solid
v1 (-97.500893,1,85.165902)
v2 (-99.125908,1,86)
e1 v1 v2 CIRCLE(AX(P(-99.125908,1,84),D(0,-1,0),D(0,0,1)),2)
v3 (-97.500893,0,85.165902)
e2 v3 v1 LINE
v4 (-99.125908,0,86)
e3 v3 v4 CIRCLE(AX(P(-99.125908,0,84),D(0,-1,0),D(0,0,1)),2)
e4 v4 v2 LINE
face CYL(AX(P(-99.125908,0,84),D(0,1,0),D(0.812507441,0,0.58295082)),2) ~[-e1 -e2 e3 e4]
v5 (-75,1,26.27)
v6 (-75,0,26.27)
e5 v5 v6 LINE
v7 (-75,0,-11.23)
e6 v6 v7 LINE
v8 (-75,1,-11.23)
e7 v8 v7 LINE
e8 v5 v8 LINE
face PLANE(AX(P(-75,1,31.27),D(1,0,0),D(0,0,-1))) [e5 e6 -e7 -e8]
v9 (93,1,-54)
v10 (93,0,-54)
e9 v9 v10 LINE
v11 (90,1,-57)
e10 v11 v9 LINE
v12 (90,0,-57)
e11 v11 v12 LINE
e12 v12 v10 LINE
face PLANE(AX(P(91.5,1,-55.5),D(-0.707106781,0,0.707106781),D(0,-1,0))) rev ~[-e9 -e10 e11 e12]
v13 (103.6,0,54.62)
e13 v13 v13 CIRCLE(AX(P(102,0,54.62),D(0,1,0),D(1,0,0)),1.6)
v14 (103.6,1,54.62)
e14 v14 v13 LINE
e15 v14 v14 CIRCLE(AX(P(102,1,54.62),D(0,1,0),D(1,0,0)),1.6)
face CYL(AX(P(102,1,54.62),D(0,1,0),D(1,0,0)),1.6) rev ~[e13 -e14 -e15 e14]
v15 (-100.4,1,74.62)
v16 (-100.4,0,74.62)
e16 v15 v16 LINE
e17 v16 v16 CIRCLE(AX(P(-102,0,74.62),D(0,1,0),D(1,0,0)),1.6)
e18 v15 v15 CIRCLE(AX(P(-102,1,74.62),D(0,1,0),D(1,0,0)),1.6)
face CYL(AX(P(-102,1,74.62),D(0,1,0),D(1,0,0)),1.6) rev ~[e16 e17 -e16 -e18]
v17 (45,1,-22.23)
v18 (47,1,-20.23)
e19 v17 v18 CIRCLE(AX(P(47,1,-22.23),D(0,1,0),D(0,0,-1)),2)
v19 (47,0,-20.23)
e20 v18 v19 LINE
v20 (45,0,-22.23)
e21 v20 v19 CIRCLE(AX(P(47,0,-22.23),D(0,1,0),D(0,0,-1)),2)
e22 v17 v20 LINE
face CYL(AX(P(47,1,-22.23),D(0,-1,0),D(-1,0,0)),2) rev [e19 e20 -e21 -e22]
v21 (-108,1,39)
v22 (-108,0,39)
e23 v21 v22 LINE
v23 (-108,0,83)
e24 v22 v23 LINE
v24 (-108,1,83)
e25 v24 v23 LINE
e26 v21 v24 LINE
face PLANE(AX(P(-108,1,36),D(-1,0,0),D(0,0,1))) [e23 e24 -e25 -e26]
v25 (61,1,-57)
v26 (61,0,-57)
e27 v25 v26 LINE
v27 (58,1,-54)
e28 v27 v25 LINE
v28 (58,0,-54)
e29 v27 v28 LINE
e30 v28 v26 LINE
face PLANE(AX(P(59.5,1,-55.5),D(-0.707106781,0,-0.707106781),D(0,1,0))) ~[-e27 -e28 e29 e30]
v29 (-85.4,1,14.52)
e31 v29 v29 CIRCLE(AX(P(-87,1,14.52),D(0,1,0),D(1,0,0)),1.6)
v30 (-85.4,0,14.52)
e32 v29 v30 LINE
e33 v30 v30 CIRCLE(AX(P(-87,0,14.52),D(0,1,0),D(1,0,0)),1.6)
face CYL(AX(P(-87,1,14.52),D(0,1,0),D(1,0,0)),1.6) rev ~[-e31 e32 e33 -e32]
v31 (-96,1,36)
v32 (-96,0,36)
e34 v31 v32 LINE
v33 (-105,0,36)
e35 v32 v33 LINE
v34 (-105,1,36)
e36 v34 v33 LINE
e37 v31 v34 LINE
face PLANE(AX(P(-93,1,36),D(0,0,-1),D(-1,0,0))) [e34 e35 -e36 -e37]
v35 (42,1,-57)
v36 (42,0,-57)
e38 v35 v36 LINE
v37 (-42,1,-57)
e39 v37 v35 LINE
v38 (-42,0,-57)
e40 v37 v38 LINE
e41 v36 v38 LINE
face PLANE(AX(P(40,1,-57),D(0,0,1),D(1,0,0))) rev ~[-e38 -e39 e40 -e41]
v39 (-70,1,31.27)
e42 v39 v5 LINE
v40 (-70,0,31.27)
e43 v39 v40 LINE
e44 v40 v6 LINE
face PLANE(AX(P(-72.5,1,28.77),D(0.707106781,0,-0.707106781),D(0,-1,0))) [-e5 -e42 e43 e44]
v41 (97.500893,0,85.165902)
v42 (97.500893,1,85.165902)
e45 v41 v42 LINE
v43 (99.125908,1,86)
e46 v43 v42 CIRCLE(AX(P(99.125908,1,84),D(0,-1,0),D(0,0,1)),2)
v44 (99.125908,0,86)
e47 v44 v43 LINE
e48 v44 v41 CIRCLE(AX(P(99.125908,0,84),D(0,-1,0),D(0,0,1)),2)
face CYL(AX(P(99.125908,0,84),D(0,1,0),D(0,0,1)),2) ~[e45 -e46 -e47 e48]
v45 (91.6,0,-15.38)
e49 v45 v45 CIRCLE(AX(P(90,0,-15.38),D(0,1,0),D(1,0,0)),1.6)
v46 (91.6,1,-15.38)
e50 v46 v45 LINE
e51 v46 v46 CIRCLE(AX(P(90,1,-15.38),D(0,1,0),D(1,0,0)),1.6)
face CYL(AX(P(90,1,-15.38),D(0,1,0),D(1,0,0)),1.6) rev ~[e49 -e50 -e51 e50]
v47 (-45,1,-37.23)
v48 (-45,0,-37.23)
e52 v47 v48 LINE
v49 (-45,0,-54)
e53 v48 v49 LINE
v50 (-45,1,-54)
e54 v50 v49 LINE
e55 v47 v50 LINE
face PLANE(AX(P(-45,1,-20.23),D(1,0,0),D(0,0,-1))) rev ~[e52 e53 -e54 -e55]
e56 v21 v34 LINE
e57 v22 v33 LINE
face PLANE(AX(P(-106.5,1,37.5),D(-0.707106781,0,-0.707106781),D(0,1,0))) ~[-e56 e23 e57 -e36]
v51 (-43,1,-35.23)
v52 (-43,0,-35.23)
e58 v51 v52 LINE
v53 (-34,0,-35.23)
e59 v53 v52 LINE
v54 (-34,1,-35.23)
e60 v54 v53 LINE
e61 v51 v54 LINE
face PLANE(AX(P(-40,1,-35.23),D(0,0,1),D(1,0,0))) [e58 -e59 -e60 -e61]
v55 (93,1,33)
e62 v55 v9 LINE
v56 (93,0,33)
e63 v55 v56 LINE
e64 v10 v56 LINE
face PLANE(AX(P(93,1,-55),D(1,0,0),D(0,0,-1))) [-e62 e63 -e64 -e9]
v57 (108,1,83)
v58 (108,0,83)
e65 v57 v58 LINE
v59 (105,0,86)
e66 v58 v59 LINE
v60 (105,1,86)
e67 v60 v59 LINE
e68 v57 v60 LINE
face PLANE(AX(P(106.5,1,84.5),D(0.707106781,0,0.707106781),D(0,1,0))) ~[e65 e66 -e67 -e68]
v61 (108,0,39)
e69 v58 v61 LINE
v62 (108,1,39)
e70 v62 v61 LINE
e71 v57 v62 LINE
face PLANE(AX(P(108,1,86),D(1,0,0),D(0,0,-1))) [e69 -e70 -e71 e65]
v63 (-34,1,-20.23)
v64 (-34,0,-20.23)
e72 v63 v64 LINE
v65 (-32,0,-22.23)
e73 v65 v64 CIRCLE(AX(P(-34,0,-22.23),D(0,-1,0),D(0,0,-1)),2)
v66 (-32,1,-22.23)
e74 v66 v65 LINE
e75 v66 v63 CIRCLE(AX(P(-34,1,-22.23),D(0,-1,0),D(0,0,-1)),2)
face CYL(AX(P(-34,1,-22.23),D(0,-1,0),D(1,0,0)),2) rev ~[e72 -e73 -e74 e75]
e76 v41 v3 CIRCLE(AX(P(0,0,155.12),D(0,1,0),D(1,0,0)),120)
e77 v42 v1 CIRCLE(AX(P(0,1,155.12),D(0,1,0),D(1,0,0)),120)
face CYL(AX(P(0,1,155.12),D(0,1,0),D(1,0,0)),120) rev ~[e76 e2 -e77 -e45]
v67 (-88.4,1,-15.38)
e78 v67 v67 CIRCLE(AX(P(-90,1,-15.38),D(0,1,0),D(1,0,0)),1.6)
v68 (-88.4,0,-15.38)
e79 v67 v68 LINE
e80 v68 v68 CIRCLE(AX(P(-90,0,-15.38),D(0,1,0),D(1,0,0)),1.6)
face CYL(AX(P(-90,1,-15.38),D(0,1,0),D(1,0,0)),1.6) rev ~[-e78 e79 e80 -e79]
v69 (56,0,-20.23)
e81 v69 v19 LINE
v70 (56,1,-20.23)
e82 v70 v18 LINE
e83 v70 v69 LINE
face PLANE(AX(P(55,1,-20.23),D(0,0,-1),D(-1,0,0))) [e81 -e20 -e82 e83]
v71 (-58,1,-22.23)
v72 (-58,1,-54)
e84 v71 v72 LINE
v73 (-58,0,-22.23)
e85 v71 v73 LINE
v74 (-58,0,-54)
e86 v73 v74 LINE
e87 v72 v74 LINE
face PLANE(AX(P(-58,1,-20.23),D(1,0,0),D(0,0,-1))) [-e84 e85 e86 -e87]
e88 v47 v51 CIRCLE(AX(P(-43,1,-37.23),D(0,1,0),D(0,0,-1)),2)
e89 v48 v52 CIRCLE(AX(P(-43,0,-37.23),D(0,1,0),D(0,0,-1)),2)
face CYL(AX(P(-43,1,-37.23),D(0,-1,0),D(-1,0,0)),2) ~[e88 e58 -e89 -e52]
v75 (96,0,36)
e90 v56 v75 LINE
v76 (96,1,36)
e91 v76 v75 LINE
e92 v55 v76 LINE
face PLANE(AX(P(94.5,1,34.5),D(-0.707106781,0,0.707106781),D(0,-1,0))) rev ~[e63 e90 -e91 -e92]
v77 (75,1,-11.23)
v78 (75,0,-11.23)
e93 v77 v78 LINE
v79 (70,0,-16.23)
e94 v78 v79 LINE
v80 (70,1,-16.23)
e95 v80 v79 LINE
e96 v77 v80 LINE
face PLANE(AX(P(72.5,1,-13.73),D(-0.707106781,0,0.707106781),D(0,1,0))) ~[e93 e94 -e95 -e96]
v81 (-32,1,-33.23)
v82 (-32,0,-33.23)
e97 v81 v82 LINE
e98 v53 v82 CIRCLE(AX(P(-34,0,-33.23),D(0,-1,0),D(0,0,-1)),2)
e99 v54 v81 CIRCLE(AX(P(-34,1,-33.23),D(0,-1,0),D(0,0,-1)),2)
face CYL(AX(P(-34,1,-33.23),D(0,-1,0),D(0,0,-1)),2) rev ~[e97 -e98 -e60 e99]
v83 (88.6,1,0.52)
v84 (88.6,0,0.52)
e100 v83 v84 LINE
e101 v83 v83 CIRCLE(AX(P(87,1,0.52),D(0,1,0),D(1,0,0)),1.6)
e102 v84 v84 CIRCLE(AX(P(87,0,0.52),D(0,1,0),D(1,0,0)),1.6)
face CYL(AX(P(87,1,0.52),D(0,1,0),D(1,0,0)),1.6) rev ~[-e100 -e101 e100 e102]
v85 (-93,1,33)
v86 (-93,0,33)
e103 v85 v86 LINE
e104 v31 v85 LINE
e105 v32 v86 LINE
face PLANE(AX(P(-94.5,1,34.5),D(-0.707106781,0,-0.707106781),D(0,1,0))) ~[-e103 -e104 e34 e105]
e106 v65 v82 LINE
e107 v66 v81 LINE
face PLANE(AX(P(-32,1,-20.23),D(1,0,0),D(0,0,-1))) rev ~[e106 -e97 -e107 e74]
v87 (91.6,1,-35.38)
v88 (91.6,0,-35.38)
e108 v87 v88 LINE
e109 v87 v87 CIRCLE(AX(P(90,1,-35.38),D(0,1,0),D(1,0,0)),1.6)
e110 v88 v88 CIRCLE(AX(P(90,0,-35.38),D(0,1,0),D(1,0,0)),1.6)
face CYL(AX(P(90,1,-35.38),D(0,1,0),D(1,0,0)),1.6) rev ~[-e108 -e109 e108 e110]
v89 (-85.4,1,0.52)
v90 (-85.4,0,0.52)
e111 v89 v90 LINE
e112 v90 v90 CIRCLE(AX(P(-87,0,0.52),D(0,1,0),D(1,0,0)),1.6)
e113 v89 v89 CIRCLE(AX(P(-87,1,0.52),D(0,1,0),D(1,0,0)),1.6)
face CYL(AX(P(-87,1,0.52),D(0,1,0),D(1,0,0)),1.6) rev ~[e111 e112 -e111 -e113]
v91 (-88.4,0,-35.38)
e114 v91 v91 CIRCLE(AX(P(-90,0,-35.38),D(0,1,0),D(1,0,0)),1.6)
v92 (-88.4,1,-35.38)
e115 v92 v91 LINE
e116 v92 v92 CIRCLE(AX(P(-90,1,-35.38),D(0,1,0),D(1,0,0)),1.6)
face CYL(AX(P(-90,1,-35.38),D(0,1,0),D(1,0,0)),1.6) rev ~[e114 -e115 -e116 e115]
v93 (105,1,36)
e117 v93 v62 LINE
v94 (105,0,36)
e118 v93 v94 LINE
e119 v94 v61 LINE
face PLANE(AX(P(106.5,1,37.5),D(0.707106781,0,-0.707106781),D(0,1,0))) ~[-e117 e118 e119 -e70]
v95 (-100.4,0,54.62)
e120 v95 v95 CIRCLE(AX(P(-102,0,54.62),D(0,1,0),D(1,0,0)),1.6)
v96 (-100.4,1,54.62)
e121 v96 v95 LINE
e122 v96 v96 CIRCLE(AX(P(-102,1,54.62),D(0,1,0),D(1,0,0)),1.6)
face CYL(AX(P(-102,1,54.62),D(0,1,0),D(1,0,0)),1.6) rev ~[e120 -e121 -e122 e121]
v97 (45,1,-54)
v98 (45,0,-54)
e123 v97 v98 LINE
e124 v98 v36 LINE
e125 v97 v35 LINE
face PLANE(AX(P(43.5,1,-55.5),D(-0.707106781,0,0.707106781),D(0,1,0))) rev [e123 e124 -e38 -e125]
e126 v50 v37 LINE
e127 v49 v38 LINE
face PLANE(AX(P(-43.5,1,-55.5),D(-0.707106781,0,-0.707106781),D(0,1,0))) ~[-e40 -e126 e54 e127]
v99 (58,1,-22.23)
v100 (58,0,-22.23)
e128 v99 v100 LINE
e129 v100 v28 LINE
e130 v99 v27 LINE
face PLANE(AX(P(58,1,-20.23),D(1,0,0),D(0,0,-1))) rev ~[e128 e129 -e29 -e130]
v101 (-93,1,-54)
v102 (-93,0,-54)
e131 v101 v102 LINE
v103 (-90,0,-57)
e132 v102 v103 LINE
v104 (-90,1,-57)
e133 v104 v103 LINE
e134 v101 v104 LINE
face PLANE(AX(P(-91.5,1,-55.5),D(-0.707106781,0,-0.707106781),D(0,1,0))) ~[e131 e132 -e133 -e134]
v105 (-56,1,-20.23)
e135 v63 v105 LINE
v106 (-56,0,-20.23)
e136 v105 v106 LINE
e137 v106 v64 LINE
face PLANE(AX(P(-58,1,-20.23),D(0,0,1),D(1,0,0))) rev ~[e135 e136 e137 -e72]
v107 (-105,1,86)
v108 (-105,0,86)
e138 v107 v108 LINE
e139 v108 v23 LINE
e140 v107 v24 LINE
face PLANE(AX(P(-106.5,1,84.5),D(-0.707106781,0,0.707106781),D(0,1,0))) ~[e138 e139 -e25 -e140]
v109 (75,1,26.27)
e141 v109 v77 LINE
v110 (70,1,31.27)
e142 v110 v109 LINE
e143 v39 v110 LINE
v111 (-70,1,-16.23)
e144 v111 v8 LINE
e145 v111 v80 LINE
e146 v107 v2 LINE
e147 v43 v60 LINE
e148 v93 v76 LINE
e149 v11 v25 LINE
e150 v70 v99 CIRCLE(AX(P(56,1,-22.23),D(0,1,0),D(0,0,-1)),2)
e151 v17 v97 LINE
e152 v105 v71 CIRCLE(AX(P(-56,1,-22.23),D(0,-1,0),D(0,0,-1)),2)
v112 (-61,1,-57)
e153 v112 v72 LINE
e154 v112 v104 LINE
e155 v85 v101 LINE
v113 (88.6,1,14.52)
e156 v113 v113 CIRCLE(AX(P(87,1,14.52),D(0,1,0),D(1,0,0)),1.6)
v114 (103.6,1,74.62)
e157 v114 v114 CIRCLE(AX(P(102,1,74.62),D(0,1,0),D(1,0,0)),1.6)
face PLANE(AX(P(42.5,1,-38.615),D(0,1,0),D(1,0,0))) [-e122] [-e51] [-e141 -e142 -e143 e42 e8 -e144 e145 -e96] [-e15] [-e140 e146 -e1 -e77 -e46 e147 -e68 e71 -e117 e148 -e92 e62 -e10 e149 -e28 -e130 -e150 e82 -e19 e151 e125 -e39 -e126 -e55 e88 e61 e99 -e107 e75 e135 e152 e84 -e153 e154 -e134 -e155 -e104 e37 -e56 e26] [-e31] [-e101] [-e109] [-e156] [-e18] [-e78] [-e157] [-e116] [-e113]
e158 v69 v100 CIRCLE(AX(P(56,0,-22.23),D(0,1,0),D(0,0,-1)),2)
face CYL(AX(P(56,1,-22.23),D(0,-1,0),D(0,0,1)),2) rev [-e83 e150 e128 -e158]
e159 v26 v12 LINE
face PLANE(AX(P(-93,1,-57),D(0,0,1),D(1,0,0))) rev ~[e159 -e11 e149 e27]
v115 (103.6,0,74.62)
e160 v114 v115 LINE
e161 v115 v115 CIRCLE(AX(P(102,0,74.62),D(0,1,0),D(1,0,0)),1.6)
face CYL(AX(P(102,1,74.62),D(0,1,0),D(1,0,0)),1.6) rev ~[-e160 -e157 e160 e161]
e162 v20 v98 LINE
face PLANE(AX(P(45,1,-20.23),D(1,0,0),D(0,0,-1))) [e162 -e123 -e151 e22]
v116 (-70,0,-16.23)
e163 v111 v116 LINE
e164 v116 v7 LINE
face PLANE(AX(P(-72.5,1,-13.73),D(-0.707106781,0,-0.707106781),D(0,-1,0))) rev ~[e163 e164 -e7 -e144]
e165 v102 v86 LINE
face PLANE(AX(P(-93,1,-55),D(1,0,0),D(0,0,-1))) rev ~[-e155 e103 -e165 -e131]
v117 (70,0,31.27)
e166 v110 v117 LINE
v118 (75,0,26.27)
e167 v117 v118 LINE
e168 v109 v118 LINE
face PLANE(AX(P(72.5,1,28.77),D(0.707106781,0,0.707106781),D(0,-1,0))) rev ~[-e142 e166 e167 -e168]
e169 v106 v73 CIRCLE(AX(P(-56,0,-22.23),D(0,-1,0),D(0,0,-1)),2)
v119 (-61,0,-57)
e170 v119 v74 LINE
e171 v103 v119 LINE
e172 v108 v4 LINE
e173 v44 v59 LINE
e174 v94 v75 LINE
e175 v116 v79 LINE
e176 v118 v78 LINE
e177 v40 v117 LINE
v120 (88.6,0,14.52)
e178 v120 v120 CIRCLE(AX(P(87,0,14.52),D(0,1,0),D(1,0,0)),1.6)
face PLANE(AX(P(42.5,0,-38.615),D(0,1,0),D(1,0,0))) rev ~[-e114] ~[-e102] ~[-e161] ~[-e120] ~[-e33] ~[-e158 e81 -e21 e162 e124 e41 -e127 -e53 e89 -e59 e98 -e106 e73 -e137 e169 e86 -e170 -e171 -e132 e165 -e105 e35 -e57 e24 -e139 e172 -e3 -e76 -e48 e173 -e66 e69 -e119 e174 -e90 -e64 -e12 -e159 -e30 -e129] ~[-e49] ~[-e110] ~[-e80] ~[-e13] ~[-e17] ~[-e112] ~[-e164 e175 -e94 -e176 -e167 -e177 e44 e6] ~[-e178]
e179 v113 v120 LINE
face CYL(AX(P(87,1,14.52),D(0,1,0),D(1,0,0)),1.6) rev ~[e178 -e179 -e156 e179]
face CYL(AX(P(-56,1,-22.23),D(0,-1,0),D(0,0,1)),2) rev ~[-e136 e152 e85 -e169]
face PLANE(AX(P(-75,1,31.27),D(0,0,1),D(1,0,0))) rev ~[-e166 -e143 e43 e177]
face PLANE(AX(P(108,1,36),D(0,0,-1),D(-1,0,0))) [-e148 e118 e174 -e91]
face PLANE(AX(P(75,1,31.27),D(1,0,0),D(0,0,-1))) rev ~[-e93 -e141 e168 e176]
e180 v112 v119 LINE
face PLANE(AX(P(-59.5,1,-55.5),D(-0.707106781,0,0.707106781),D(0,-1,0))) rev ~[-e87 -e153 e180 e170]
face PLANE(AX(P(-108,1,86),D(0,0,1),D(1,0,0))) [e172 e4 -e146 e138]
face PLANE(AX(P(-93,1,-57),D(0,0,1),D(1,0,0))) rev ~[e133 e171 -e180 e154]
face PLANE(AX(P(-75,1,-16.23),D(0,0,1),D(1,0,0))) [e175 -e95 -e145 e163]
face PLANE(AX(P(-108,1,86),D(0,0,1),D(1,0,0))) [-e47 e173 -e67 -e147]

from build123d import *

# Parameters (mm, degrees)
SKETCH_1_W               = 186
SKETCH_1_H               = 110
EXTRUDE_1_DEPTH          = 1
SKETCH_2_R               = 1.6
CUT_EXTRUDE_1_DEPTH      = 2
EXTRUDE_2_DEPTH          = 1
SKETCH_6_R               = 120
CUT_EXTRUDE_2_DEPTH      = 2
SKETCH_8_W               = 186
SKETCH_8_H               = 2
EXTRUDE_3_DEPTH          = 1
SKETCH_7_R               = 1.25
SKETCH_7_R_2             = 1.6
CUT_EXTRUDE_3_DEPTH      = 2
CUT_EXTRUDE_4_DEPTH      = 2
SKETCH_10_W              = 8
SKETCH_10_H              = 15
CUT_EXTRUDE_5_DEPTH      = 2
SKETCH_11_W              = 150
SKETCH_11_H              = 47.5
CUT_EXTRUDE_6_DEPTH      = 2
CHAMFER_2_SIZE           = 5
SKETCH_12_R              = 1.6
CUT_EXTRUDE_7_DEPTH      = 2
SKETCH_14_W              = 3
SKETCH_14_H              = 36.77
CUT_EXTRUDE_8_DEPTH      = 1
CUT_EXTRUDE_8_DEPTH_BACK = 2
SKETCH_15_W              = 5
SKETCH_15_H              = 36.77
EXTRUDE_4_DEPTH          = 1
SKETCH_16_W              = 6
SKETCH_16_H              = 15
CUT_EXTRUDE_9_DEPTH      = 2
CHAMFER_1_SIZE           = 3
FILLET_1_R               = 2


with BuildPart() as part:
    # 草图1 → 凸台-拉伸1 (new body)
    with BuildSketch(Plane(origin=(0, 0, 0), x_dir=(1, 0, 0), z_dir=(0, 1, 0))):
        Rectangle(SKETCH_1_W, SKETCH_1_H)
    extrude(amount=EXTRUDE_1_DEPTH)

    # 草图2 → 切除-拉伸1 (cut, through all)
    with BuildSketch(Plane(origin=(0, 1, 0), x_dir=(1, 0, 0), z_dir=(0, 1, 0))):
        with Locations((90, 15.38)):
            Circle(SKETCH_2_R)
        with Locations((90, 35.38)):
            Circle(SKETCH_2_R)
        with Locations((-90, 35.38)):
            Circle(SKETCH_2_R)
        with Locations((-90, 15.38)):
            Circle(SKETCH_2_R)
    extrude(amount=-CUT_EXTRUDE_1_DEPTH, mode=Mode.SUBTRACT)

    # 草图5 → 凸台-拉伸2 (add)
    with BuildSketch(Plane(origin=(0, 1, 0), x_dir=(1, 0, 0), z_dir=(0, 1, 0))):
        Polygon((-108, -86), (108, -86), (108, -36), (93, -36), (93, -55), (-93, -55), (-93, -36), (-108, -36), align=None)
    extrude(amount=-EXTRUDE_2_DEPTH)

    # 草图6 → 切除-拉伸2 (cut, through all)
    with BuildSketch(Plane(origin=(0, 1, 0), x_dir=(1, 0, 0), z_dir=(0, 1, 0))):
        with Locations((0, -155.12)):
            Circle(SKETCH_6_R)
    extrude(amount=-CUT_EXTRUDE_2_DEPTH, mode=Mode.SUBTRACT)

    # 草图8 → 凸台-拉伸3 (add)
    with BuildSketch(Plane(origin=(0, 1, 0), x_dir=(1, 0, 0), z_dir=(0, 1, 0))):
        with Locations((0, 56)):
            Rectangle(SKETCH_8_W, SKETCH_8_H)
    extrude(amount=-EXTRUDE_3_DEPTH)

    # 草图7 → 切除-拉伸3 (cut, through all)
    with BuildSketch(Plane(origin=(0, 1, 0), x_dir=(1, 0, 0), z_dir=(0, 1, 0))):
        with Locations((47.5, 46.38)):
            Circle(SKETCH_7_R)
        with Locations((47.5, 53.88)):
            Circle(SKETCH_7_R)
        with Locations((102, -74.62)):
            Circle(SKETCH_7_R_2)
        with Locations((102, -54.62)):
            Circle(SKETCH_7_R_2)
        with Locations((-102, -54.62)):
            Circle(SKETCH_7_R_2)
        with Locations((-102, -74.62)):
            Circle(SKETCH_7_R_2)
        with Locations((-47.5, 53.88)):
            Circle(SKETCH_7_R)
        with Locations((-47.5, 46.38)):
            Circle(SKETCH_7_R)
    extrude(amount=-CUT_EXTRUDE_3_DEPTH, mode=Mode.SUBTRACT)

    # 草图9 → 切除-拉伸4 (cut, through all)
    with BuildSketch(Plane(origin=(0, 1, 0), x_dir=(1, 0, 0), z_dir=(0, 1, 0))):
        with BuildLine():
            Line((55, 52.23), (55, 20.23))
            Line((55, 20.23), (40, 20.23))
            Line((40, 20.23), (40, 52.23))
            Line((40, 52.23), (40, 66.764572681))
            ThreePointArc((40, 66.764572681), (40.878679656, 68.885893025), (43, 69.764572681))
            Line((43, 69.764572681), (52, 69.764572681))
            ThreePointArc((52, 69.764572681), (54.121320344, 68.885893025), (55, 66.764572681))
            Line((55, 66.764572681), (55, 52.23))
        make_face()
        with BuildLine():
            Line((-40, 66.764572681), (-40, 52.23))
            Line((-40, 52.23), (-40, 20.23))
            Line((-40, 20.23), (-55, 20.23))
            Line((-55, 20.23), (-55, 52.23))
            Line((-55, 52.23), (-55, 66.764572681))
            ThreePointArc((-55, 66.764572681), (-54.121320344, 68.885893025), (-52, 69.764572681))
            Line((-52, 69.764572681), (-43, 69.764572681))
            ThreePointArc((-43, 69.764572681), (-40.878679656, 68.885893025), (-40, 66.764572681))
        make_face()
    extrude(amount=-CUT_EXTRUDE_4_DEPTH, mode=Mode.SUBTRACT)

    # 草图10 → 切除-拉伸5 (cut, through all)
    with BuildSketch(Plane(origin=(0, 1, 0), x_dir=(1, 0, 0), z_dir=(0, 1, 0))):
        with Locations((-36, 27.73)):
            Rectangle(SKETCH_10_W, SKETCH_10_H)
    extrude(amount=-CUT_EXTRUDE_5_DEPTH, mode=Mode.SUBTRACT)

    # 草图11 → 切除-拉伸6 (cut, through all)
    with BuildSketch(Plane(origin=(0, 1, 0), x_dir=(1, 0, 0), z_dir=(0, 1, 0))):
        with Locations((0, -7.52)):
            Rectangle(SKETCH_11_W, SKETCH_11_H)
    extrude(amount=-CUT_EXTRUDE_6_DEPTH, mode=Mode.SUBTRACT)

    # 倒角2
    chamfer_2_edges = [part.edges().sort_by_distance(p)[0] for p in [
        (75, 0.5, -16.23),
        (75, 0.5, 31.27),
        (-75, 0.5, 31.27),
        (-75, 0.5, -16.23),
    ]]
    chamfer(chamfer_2_edges, length=CHAMFER_2_SIZE)

    # 草图12 → 切除-拉伸7 (cut, through all)
    with BuildSketch(Plane(origin=(0, 1, 0), x_dir=(1, 0, 0), z_dir=(0, 1, 0))):
        with Locations((-87, -0.52)):
            Circle(SKETCH_12_R)
        with Locations((-87, -14.52)):
            Circle(SKETCH_12_R)
        with Locations((87, -14.52)):
            Circle(SKETCH_12_R)
        with Locations((87, -0.52)):
            Circle(SKETCH_12_R)
    extrude(amount=-CUT_EXTRUDE_7_DEPTH, mode=Mode.SUBTRACT)

    # 草图14 → 切除-拉伸8 (cut, two sides)
    with BuildSketch(Plane(origin=(0, 1, 0), x_dir=(1, 0, 0), z_dir=(0, 1, 0))) as cut_extrude_8_sk:
        with Locations((-56.5, 38.615)):
            Rectangle(SKETCH_14_W, SKETCH_14_H)
        with Locations((56.5, 38.615)):
            Rectangle(SKETCH_14_W, SKETCH_14_H)
    extrude(amount=CUT_EXTRUDE_8_DEPTH, mode=Mode.SUBTRACT)
    extrude(cut_extrude_8_sk.sketch, amount=-CUT_EXTRUDE_8_DEPTH_BACK, mode=Mode.SUBTRACT)

    # 草图15 → 凸台-拉伸4 (add)
    with BuildSketch(Plane(origin=(0, 1, 0), x_dir=(1, 0, 0), z_dir=(0, 1, 0))):
        with Locations((42.5, 38.615)):
            Rectangle(SKETCH_15_W, SKETCH_15_H)
        with Locations((-42.5, 38.615)):
            Rectangle(SKETCH_15_W, SKETCH_15_H)
    extrude(amount=-EXTRUDE_4_DEPTH)

    # 草图16 → 切除-拉伸9 (cut, through all)
    with BuildSketch(Plane(origin=(0, 1, 0), x_dir=(1, 0, 0), z_dir=(0, 1, 0))):
        with Locations((-42, 27.73)):
            Rectangle(SKETCH_16_W, SKETCH_16_H)
    extrude(amount=-CUT_EXTRUDE_9_DEPTH, mode=Mode.SUBTRACT)

    # 倒角1
    chamfer_1_edges = [part.edges().sort_by_distance(p)[0] for p in [
        (-58, 0.5, -57),
        (58, 0.5, -57),
        (-45, 0.5, -57),
        (45, 0.5, -57),
        (-93, 0.5, 36),
        (93, 0.5, 36),
        (108, 0.5, 36),
        (108, 0.5, 86),
        (-108, 0.5, 86),
        (-108, 0.5, 36),
        (93, 0.5, -57),
        (-93, 0.5, -57),
    ]]
    chamfer(chamfer_1_edges, length=CHAMFER_1_SIZE)

    # 圆角1
    fillet_1_edges = [part.edges().sort_by_distance(p)[0] for p in [
        (-32, 0.5, -35.23),
        (-32, 0.5, -20.23),
        (-58, 0.5, -20.23),
        (58, 0.5, -20.23),
        (45, 0.5, -20.23),
        (-45, 0.5, -35.23),
        (-98.093963117, 0.5, 86),
        (98.093963117, 0.5, 86),
    ]]
    fillet(fillet_1_edges, radius=FILLET_1_R)


solid = part.part
